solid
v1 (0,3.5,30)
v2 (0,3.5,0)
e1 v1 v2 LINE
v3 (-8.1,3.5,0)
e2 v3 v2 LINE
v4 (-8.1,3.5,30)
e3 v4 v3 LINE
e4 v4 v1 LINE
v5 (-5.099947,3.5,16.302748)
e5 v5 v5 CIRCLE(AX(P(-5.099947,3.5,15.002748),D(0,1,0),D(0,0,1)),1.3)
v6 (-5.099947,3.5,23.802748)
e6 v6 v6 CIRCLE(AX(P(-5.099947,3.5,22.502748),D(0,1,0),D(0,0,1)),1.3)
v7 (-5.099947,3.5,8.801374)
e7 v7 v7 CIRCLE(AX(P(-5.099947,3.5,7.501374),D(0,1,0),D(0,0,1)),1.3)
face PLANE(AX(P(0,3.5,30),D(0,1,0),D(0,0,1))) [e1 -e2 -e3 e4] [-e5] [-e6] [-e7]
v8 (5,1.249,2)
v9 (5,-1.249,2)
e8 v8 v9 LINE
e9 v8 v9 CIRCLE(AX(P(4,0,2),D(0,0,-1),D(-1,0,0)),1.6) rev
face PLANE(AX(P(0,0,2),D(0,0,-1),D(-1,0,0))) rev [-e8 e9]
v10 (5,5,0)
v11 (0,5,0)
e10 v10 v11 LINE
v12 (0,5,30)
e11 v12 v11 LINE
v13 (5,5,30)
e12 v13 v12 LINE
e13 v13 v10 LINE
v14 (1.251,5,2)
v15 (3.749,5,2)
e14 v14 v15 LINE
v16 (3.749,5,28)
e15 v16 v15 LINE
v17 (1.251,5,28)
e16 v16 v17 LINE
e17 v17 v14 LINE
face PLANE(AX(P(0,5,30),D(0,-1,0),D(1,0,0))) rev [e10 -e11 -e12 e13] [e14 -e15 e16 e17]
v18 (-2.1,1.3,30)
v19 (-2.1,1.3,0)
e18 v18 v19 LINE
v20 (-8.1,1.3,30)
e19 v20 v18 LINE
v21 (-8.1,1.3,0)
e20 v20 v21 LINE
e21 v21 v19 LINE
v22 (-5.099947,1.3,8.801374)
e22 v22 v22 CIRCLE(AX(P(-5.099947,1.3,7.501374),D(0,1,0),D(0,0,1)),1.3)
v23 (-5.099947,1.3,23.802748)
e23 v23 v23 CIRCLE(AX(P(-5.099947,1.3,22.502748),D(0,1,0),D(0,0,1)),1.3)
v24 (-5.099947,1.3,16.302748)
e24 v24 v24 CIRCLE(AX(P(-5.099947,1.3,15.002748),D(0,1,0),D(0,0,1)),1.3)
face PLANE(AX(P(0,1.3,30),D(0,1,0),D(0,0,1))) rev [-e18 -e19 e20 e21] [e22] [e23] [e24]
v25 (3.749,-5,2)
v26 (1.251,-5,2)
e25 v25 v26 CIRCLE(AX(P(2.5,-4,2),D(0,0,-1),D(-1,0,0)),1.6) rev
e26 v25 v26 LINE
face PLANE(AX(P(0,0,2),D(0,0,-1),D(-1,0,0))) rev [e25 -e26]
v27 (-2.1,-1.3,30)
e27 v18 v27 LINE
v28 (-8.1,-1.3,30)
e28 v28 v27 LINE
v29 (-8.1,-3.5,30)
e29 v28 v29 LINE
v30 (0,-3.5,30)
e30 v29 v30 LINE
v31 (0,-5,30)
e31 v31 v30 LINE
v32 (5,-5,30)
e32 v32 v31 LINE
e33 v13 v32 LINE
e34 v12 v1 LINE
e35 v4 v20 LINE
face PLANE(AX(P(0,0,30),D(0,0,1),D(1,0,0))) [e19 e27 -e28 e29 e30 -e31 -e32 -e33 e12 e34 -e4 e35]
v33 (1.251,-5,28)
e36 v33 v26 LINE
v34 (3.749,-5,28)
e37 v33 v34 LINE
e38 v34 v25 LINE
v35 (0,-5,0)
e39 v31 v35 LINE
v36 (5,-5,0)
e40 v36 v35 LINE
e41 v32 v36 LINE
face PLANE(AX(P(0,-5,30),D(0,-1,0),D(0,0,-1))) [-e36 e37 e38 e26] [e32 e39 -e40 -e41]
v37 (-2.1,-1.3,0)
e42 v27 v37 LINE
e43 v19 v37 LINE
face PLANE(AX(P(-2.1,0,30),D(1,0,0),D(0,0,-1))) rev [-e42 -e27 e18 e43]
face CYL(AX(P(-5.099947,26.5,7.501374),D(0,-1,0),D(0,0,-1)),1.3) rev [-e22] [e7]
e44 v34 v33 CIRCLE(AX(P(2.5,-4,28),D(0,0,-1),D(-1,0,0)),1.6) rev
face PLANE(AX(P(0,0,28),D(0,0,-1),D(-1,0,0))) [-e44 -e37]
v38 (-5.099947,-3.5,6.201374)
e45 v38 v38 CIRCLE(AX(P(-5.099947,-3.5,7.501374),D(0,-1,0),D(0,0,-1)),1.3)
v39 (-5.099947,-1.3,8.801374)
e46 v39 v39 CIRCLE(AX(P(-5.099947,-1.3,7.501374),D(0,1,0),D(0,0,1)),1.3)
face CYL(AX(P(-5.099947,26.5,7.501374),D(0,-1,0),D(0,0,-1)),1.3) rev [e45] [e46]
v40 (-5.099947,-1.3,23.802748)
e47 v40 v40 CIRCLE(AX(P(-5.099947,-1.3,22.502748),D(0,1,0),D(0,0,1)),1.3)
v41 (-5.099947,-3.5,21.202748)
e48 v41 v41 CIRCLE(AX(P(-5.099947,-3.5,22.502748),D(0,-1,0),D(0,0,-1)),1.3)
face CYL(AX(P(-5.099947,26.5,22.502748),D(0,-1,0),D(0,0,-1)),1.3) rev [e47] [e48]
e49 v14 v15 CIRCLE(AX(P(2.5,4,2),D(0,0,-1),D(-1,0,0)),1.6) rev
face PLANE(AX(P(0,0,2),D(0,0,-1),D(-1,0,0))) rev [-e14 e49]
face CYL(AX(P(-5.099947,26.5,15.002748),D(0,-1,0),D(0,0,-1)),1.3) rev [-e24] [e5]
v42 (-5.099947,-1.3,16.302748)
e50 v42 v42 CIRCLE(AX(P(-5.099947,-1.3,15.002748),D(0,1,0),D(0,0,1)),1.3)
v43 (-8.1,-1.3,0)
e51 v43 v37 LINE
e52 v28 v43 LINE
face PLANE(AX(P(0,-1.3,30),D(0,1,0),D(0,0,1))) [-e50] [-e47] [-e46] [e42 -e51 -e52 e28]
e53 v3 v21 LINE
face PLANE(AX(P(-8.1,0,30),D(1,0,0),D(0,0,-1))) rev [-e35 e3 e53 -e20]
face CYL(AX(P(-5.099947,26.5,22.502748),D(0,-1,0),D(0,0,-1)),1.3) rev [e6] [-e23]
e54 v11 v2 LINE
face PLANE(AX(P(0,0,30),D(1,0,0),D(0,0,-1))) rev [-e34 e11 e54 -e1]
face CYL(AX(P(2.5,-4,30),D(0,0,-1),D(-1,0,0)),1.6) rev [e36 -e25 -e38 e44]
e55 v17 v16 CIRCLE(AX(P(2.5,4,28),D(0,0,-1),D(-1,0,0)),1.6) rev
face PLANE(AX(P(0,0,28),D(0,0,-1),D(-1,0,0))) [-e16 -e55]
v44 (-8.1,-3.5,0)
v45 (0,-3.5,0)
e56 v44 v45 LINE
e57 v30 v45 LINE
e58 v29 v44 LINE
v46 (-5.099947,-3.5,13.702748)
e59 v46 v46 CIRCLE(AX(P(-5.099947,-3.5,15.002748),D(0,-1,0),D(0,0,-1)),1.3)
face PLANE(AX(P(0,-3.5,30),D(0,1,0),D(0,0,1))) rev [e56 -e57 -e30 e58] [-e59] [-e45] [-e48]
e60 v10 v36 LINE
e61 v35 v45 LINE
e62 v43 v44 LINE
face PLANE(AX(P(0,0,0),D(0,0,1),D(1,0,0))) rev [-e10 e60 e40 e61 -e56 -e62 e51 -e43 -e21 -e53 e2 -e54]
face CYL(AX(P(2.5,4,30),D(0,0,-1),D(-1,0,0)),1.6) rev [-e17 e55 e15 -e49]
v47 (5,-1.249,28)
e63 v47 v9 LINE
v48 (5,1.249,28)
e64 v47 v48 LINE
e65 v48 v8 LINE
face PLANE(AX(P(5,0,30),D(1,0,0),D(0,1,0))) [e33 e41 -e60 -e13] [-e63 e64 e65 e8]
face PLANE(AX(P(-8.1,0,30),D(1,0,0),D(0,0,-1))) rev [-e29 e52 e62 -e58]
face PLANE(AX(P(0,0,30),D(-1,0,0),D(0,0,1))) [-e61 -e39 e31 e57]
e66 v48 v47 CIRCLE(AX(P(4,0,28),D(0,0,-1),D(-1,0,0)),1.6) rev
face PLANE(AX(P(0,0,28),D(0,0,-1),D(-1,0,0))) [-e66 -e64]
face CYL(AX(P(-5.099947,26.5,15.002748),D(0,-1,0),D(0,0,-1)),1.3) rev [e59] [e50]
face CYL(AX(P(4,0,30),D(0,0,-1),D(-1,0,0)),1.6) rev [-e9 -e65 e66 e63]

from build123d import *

# Parameters (mm, degrees)
EXTRUDE_1_DEPTH     = 30
SKETCH_2_R          = 1.3
CUT_EXTRUDE_1_DEPTH = 30
SKETCH_3_W          = 5
SKETCH_3_H          = 10
EXTRUDE_2_DEPTH     = 2
EXTRUDE_3_DEPTH     = 2


with BuildPart() as part:
    # 草图1 → 凸台-拉伸1 (new body)
    with BuildSketch(Plane.XY):
        with BuildLine():
            Line((0, 3.5), (-2.1, 3.5))
            Line((-2.1, 3.5), (-8.1, 3.5))
            Line((-8.1, 3.5), (-8.1, 1.3))
            Line((-8.1, 1.3), (-2.1, 1.3))
            Line((-2.1, 1.3), (-2.1, -1.3))
            Line((-2.1, -1.3), (-8.1, -1.3))
            Line((-8.1, -1.3), (-8.1, -3.5))
            Line((-8.1, -3.5), (-2.1, -3.5))
            Line((-2.1, -3.5), (0, -3.5))
            Line((0, -3.5), (0, -5))
            Line((0, -5), (1.2510004, -5))
            ThreePointArc((1.2510004, -5), (2.5, -2.4), (3.7489996, -5))
            Line((3.7489996, -5), (5, -5))
            Line((5, -5), (5, -1.2489996))
            ThreePointArc((5, -1.2489996), (2.4, 0), (5, 1.2489996))
            Line((5, 1.2489996), (5, 5))
            Line((5, 5), (3.7489996, 5))
            ThreePointArc((3.7489996, 5), (2.5, 2.4), (1.2510004, 5))
            Line((1.2510004, 5), (0, 5))
            Line((0, 5), (0, 3.5))
        make_face()
    extrude(amount=EXTRUDE_1_DEPTH)

    # 草图2 → 切除-拉伸1 (cut)
    with BuildSketch(Plane.XZ.offset(3.5)):
        with Locations((-5.099947381, 15.002748372)):
            Circle(SKETCH_2_R)
        with Locations((-5.099947381, 7.501374186)):
            Circle(SKETCH_2_R)
        with Locations((-5.099947381, 22.502748372)):
            Circle(SKETCH_2_R)
    extrude(amount=-CUT_EXTRUDE_1_DEPTH, mode=Mode.SUBTRACT)

    # 草图3 → 凸台-拉伸2 (add)
    with BuildSketch(Plane.XY.offset(30)):
        with Locations((2.5, 0)):
            Rectangle(SKETCH_3_W, SKETCH_3_H)
    extrude(amount=-EXTRUDE_2_DEPTH)

    # 草图4 → 凸台-拉伸3 (add)
    with BuildSketch(Plane(origin=(0, 0, 0), x_dir=(-1, 0, 0), z_dir=(0, 0, -1))):
        with BuildLine():
            Line((0, 3.5), (0, 5))
            Line((0, 5), (-1.2510004, 5))
            ThreePointArc((-1.2510004, 5), (-2.5, 2.4), (-3.7489996, 5))
            Line((-3.7489996, 5), (-5, 5))
            Line((-5, 5), (-5, 1.2489996))
            ThreePointArc((-5, 1.2489996), (-2.4, 0), (-5, -1.2489996))
            Line((-5, -1.2489996), (-5, -5))
            Line((-5, -5), (-3.7489996, -5))
            ThreePointArc((-3.7489996, -5), (-2.5, -2.4), (-1.2510004, -5))
            Line((-1.2510004, -5), (0, -5))
            Line((0, -5), (0, -3.5))
            Line((0, -3.5), (0, 3.5))
        make_face()
        with BuildLine():
            Line((-1.2510004, 5), (-3.7489996, 5))
            ThreePointArc((-3.7489996, 5), (-2.5, 2.4), (-1.2510004, 5))
        make_face()
        with BuildLine():
            ThreePointArc((-5, -1.2489996), (-2.4, 0), (-5, 1.2489996))
            Line((-5, 1.2489996), (-5, -1.2489996))
        make_face()
        with BuildLine():
            Line((-3.7489996, -5), (-1.2510004, -5))
            ThreePointArc((-1.2510004, -5), (-2.5, -2.4), (-3.7489996, -5))
        make_face()
    extrude(amount=-EXTRUDE_3_DEPTH)


solid = part.part
